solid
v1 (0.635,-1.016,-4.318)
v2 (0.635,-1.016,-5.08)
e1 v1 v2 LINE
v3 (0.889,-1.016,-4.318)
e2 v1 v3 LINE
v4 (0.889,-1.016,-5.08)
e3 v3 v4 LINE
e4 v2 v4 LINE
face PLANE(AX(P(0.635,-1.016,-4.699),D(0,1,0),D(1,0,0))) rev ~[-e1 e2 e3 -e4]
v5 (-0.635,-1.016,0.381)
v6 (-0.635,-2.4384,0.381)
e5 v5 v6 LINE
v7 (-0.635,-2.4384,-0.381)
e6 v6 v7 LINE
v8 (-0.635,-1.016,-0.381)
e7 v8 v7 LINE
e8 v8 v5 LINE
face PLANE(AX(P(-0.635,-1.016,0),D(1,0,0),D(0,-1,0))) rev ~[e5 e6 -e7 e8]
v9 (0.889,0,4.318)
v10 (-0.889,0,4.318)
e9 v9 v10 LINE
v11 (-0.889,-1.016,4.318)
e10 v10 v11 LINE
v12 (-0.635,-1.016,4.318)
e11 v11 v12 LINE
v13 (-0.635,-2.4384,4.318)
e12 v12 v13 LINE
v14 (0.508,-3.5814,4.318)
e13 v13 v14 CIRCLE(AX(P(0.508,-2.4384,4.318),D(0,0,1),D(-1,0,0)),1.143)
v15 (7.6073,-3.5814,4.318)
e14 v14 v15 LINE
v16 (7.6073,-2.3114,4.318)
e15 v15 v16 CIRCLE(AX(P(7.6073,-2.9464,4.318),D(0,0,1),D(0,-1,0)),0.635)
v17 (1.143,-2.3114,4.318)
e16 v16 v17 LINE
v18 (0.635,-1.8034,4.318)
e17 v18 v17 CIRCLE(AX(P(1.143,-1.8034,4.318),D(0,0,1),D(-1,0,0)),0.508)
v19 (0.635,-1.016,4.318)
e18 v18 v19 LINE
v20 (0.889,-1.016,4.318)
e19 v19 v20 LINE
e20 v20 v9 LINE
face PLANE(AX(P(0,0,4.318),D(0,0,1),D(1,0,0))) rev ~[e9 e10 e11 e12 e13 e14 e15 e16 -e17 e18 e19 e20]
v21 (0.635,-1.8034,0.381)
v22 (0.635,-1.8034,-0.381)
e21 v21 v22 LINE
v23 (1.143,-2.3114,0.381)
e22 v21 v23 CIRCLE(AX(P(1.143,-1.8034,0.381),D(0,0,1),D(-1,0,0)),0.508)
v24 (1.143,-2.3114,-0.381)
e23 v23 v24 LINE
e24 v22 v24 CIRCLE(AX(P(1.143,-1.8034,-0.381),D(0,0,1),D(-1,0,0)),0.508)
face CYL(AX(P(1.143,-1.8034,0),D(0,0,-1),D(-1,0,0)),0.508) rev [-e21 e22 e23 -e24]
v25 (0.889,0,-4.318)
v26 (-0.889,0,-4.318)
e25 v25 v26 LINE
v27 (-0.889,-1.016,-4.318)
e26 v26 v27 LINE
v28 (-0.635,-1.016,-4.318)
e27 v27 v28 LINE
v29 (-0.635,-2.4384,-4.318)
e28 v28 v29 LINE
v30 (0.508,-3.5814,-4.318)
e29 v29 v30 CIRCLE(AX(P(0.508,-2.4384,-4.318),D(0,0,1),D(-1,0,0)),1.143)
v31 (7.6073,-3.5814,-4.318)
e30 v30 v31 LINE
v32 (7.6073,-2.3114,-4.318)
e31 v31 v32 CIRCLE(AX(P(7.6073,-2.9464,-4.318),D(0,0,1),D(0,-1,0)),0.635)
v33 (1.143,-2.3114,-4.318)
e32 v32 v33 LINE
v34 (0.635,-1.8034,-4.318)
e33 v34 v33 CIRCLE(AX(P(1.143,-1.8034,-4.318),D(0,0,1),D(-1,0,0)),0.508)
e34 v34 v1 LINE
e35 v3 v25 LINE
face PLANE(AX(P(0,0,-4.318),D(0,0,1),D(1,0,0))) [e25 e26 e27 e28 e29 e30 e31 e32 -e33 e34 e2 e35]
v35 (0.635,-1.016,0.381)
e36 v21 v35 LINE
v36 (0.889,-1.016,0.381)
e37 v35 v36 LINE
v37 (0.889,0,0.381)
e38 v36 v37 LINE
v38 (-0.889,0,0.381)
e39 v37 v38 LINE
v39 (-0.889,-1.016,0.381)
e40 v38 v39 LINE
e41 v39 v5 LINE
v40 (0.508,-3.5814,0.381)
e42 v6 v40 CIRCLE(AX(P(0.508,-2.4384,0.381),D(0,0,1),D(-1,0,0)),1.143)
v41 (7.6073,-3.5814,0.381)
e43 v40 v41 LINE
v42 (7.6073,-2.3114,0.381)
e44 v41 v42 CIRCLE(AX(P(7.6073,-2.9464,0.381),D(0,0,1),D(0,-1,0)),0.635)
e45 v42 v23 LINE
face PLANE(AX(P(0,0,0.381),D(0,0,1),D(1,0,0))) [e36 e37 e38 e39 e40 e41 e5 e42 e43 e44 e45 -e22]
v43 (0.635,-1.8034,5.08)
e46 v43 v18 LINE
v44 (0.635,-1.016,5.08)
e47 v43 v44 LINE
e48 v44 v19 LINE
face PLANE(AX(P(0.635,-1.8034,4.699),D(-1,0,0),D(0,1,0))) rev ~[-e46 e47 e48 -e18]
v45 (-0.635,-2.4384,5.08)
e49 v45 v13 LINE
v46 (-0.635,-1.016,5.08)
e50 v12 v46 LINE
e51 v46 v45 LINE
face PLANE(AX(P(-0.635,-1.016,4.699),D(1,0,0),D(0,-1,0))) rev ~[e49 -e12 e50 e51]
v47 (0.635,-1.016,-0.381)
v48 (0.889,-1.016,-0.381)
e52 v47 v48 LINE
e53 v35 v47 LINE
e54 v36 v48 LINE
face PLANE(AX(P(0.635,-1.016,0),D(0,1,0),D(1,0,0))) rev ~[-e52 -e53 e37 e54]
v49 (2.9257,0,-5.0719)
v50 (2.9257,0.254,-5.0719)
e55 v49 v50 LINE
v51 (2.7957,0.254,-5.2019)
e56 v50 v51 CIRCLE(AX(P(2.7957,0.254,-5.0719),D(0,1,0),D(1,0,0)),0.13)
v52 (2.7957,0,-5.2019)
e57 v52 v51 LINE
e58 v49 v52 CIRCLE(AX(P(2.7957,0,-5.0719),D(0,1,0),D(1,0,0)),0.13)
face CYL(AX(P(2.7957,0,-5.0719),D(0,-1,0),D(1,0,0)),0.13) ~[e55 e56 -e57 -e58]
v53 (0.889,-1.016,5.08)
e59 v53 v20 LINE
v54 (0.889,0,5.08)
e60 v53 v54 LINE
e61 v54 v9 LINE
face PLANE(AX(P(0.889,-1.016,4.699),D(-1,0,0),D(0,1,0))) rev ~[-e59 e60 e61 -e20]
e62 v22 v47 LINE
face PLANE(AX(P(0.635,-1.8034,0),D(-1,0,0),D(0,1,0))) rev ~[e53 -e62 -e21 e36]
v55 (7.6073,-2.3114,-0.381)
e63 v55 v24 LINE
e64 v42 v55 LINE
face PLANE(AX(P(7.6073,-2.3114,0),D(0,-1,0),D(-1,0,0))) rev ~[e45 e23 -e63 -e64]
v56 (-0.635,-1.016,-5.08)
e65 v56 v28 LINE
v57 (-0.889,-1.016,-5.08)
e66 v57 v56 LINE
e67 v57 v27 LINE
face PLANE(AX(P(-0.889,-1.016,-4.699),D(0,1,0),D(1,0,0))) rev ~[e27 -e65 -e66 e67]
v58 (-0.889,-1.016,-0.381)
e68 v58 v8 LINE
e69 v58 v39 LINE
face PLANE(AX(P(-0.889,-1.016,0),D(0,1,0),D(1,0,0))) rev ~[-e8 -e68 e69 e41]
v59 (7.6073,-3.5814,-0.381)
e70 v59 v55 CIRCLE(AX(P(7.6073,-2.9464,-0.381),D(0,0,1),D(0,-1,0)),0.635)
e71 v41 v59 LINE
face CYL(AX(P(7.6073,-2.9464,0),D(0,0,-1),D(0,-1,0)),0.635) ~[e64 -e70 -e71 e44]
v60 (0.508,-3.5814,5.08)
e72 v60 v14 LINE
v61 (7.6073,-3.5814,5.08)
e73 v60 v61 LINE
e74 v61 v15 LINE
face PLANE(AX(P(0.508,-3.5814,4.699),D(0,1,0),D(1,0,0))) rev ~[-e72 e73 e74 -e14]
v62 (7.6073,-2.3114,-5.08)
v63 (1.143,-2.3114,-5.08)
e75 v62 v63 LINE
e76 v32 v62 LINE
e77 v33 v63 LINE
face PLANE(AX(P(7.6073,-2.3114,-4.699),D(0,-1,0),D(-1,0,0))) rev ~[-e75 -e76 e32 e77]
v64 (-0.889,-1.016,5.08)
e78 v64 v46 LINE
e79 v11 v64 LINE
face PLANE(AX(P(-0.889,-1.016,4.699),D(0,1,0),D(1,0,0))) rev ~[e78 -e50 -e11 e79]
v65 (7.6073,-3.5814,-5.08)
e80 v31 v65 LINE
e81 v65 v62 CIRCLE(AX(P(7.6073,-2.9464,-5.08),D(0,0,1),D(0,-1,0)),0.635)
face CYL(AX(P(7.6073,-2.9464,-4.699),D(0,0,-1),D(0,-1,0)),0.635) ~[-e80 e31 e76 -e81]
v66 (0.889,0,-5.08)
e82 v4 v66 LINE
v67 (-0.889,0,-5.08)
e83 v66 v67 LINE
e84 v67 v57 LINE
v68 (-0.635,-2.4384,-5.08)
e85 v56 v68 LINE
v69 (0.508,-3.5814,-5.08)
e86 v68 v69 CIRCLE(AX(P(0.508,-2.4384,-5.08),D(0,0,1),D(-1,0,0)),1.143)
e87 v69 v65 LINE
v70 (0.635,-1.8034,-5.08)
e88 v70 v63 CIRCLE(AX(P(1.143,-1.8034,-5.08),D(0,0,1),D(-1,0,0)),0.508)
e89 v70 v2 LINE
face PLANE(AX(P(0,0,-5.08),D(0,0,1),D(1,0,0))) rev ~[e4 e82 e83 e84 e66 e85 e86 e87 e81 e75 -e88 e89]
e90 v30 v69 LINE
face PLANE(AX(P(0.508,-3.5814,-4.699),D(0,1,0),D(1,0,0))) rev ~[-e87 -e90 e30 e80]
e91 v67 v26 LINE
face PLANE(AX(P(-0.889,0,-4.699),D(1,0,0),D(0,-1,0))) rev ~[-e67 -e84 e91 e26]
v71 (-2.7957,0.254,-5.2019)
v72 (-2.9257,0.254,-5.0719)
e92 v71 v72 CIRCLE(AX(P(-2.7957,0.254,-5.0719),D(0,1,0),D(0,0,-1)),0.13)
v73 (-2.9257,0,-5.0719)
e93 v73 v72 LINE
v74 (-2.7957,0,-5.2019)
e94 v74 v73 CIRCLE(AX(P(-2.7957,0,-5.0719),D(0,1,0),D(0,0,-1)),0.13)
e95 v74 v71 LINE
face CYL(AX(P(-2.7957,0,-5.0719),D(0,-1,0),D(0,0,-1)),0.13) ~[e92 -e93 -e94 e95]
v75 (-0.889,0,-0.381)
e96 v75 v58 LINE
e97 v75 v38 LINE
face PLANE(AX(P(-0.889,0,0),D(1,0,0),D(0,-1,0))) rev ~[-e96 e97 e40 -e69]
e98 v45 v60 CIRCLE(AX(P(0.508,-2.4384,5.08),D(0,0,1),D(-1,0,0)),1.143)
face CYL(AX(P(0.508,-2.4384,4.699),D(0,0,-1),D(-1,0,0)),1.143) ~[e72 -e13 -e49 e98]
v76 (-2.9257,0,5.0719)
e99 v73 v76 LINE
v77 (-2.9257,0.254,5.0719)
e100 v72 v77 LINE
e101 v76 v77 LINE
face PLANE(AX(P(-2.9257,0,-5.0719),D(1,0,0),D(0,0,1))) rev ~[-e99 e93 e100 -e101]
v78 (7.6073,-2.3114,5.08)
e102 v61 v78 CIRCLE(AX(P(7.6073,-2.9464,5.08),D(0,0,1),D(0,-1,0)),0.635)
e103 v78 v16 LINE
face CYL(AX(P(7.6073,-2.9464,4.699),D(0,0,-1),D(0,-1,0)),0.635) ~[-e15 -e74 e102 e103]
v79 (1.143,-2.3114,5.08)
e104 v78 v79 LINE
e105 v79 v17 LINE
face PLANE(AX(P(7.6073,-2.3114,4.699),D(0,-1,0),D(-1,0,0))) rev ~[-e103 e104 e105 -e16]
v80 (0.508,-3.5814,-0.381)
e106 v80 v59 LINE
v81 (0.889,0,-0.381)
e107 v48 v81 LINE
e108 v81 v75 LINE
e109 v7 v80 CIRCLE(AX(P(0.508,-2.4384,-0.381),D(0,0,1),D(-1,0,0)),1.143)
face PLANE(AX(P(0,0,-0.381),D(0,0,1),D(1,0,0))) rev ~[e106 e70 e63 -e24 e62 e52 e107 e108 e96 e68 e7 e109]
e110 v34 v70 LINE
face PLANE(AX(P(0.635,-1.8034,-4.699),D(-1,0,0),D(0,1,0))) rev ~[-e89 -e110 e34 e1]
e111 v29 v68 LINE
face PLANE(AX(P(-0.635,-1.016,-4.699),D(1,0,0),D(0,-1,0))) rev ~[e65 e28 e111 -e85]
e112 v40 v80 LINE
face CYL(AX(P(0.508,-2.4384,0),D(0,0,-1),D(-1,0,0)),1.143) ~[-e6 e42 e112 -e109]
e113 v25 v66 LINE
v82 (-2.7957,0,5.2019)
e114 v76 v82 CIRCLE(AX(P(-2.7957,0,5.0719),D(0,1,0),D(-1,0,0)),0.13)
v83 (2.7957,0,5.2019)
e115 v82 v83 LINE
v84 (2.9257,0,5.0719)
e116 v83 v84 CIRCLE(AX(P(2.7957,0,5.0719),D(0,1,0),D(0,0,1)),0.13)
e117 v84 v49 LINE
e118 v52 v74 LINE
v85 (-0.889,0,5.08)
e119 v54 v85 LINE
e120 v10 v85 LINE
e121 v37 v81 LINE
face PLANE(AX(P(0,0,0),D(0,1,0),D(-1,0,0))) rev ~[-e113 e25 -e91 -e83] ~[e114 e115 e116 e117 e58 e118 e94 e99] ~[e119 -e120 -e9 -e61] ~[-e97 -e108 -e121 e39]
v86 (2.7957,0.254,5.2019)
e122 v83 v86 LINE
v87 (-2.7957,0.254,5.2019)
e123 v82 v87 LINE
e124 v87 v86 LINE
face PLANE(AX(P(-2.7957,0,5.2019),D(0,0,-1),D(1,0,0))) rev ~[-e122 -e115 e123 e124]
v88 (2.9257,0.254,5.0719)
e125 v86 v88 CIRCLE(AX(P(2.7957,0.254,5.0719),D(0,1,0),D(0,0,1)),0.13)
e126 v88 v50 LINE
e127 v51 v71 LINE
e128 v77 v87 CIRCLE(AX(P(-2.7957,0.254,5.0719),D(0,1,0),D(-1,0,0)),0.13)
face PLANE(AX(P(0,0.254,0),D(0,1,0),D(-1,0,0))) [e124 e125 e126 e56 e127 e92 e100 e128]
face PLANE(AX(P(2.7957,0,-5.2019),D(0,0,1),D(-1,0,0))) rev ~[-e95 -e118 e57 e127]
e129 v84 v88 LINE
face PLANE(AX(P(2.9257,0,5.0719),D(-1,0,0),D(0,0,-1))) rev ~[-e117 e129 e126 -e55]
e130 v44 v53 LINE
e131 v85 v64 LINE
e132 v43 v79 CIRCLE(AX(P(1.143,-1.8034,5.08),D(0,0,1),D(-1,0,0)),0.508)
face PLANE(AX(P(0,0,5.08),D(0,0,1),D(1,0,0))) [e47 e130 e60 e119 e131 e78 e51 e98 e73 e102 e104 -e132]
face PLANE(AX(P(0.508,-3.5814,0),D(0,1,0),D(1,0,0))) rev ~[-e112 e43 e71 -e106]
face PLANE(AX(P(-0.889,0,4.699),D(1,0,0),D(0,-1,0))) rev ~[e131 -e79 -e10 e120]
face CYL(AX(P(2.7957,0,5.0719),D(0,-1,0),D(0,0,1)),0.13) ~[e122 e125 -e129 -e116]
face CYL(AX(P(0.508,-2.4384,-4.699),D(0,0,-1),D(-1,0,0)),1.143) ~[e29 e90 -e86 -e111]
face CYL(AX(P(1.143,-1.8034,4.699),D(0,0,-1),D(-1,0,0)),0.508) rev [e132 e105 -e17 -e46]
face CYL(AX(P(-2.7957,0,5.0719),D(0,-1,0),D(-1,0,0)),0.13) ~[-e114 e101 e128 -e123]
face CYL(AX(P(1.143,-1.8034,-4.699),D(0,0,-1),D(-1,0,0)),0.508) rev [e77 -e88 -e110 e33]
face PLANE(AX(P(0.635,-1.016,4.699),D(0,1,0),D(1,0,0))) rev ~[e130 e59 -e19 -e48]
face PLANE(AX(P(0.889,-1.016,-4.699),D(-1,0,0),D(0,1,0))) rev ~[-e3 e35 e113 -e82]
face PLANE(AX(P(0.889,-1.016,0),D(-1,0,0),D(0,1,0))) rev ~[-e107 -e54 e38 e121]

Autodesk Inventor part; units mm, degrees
sketch "Sketch_2" plane through (0, 0, 0) normal (0, 1, 0) x (-1, 0, 0)
  line L0 (2.9257, -5.0719) -> (2.9257, 5.0719)
  arc A0 (2.9257, 5.0719) -> (2.7957, 5.2019) centre (2.7957, 5.0719) ccw
  line L1 (2.7957, 5.2019) -> (-2.7957, 5.2019)
  arc A1 (-2.7957, 5.2019) -> (-2.9257, 5.0719) centre (-2.7957, 5.0719) ccw
  line L2 (-2.9257, 5.0719) -> (-2.9257, -5.0719)
  arc A2 (-2.9257, -5.0719) -> (-2.7957, -5.2019) centre (-2.7957, -5.0719) ccw
  line L3 (-2.7957, -5.2019) -> (2.7957, -5.2019)
  arc A3 (2.7957, -5.2019) -> (2.9257, -5.0719) centre (2.7957, -5.0719) ccw
extrude "Extrusion1" add sketch "Sketch_2" along normal blind 0.254
sketch "Sketch_1" plane through (0, 0, -4.699) normal (0, 0, 1) x (1, 0, 0)
  line L0 (-0.889, 0) -> (-0.889, -1.016)
  line L1 (-0.889, -1.016) -> (-0.635, -1.016)
  line L2 (-0.635, -1.016) -> (-0.635, -2.4384)
  arc A0 (-0.635, -2.4384) -> (0.508, -3.5814) centre (0.508, -2.4384) ccw
  line L3 (0.508, -3.5814) -> (7.6073, -3.5814)
  arc A1 (7.6073, -3.5814) -> (7.6073, -2.3114) centre (7.6073, -2.9464) ccw
  line L4 (7.6073, -2.3114) -> (1.143, -2.3114)
  arc A2 (0.635, -1.8034) -> (1.143, -2.3114) centre (1.143, -1.8034) ccw
  line L5 (0.635, -1.8034) -> (0.635, -1.016)
  line L6 (0.635, -1.016) -> (0.889, -1.016)
  line L7 (0.889, -1.016) -> (0.889, 0)
  line L8 (0.889, 0) -> (-0.889, 0)
extrude "Extrusion2" add sketch "Sketch_1" along normal mid plane 0.762
pattern_linear "Rectangular Pattern1" count 3 spacing 4.699 along (0, 0, 1) of "Extrusion2"
ref_plane "to_base_XY" through (0, -0.0254, 0) normal (0, 1, 0) x (1, 0, 0)
ref_plane "to_base_YZ" through (0, -0.0254, 0) normal (1, 0, 0) x (0, 0, -1)
ref_plane "to_base_ZX" through (0, -0.0254, 0) normal (0, 0, -1) x (0, 1, 0)
properties part number "M201230_terminal_angW"
